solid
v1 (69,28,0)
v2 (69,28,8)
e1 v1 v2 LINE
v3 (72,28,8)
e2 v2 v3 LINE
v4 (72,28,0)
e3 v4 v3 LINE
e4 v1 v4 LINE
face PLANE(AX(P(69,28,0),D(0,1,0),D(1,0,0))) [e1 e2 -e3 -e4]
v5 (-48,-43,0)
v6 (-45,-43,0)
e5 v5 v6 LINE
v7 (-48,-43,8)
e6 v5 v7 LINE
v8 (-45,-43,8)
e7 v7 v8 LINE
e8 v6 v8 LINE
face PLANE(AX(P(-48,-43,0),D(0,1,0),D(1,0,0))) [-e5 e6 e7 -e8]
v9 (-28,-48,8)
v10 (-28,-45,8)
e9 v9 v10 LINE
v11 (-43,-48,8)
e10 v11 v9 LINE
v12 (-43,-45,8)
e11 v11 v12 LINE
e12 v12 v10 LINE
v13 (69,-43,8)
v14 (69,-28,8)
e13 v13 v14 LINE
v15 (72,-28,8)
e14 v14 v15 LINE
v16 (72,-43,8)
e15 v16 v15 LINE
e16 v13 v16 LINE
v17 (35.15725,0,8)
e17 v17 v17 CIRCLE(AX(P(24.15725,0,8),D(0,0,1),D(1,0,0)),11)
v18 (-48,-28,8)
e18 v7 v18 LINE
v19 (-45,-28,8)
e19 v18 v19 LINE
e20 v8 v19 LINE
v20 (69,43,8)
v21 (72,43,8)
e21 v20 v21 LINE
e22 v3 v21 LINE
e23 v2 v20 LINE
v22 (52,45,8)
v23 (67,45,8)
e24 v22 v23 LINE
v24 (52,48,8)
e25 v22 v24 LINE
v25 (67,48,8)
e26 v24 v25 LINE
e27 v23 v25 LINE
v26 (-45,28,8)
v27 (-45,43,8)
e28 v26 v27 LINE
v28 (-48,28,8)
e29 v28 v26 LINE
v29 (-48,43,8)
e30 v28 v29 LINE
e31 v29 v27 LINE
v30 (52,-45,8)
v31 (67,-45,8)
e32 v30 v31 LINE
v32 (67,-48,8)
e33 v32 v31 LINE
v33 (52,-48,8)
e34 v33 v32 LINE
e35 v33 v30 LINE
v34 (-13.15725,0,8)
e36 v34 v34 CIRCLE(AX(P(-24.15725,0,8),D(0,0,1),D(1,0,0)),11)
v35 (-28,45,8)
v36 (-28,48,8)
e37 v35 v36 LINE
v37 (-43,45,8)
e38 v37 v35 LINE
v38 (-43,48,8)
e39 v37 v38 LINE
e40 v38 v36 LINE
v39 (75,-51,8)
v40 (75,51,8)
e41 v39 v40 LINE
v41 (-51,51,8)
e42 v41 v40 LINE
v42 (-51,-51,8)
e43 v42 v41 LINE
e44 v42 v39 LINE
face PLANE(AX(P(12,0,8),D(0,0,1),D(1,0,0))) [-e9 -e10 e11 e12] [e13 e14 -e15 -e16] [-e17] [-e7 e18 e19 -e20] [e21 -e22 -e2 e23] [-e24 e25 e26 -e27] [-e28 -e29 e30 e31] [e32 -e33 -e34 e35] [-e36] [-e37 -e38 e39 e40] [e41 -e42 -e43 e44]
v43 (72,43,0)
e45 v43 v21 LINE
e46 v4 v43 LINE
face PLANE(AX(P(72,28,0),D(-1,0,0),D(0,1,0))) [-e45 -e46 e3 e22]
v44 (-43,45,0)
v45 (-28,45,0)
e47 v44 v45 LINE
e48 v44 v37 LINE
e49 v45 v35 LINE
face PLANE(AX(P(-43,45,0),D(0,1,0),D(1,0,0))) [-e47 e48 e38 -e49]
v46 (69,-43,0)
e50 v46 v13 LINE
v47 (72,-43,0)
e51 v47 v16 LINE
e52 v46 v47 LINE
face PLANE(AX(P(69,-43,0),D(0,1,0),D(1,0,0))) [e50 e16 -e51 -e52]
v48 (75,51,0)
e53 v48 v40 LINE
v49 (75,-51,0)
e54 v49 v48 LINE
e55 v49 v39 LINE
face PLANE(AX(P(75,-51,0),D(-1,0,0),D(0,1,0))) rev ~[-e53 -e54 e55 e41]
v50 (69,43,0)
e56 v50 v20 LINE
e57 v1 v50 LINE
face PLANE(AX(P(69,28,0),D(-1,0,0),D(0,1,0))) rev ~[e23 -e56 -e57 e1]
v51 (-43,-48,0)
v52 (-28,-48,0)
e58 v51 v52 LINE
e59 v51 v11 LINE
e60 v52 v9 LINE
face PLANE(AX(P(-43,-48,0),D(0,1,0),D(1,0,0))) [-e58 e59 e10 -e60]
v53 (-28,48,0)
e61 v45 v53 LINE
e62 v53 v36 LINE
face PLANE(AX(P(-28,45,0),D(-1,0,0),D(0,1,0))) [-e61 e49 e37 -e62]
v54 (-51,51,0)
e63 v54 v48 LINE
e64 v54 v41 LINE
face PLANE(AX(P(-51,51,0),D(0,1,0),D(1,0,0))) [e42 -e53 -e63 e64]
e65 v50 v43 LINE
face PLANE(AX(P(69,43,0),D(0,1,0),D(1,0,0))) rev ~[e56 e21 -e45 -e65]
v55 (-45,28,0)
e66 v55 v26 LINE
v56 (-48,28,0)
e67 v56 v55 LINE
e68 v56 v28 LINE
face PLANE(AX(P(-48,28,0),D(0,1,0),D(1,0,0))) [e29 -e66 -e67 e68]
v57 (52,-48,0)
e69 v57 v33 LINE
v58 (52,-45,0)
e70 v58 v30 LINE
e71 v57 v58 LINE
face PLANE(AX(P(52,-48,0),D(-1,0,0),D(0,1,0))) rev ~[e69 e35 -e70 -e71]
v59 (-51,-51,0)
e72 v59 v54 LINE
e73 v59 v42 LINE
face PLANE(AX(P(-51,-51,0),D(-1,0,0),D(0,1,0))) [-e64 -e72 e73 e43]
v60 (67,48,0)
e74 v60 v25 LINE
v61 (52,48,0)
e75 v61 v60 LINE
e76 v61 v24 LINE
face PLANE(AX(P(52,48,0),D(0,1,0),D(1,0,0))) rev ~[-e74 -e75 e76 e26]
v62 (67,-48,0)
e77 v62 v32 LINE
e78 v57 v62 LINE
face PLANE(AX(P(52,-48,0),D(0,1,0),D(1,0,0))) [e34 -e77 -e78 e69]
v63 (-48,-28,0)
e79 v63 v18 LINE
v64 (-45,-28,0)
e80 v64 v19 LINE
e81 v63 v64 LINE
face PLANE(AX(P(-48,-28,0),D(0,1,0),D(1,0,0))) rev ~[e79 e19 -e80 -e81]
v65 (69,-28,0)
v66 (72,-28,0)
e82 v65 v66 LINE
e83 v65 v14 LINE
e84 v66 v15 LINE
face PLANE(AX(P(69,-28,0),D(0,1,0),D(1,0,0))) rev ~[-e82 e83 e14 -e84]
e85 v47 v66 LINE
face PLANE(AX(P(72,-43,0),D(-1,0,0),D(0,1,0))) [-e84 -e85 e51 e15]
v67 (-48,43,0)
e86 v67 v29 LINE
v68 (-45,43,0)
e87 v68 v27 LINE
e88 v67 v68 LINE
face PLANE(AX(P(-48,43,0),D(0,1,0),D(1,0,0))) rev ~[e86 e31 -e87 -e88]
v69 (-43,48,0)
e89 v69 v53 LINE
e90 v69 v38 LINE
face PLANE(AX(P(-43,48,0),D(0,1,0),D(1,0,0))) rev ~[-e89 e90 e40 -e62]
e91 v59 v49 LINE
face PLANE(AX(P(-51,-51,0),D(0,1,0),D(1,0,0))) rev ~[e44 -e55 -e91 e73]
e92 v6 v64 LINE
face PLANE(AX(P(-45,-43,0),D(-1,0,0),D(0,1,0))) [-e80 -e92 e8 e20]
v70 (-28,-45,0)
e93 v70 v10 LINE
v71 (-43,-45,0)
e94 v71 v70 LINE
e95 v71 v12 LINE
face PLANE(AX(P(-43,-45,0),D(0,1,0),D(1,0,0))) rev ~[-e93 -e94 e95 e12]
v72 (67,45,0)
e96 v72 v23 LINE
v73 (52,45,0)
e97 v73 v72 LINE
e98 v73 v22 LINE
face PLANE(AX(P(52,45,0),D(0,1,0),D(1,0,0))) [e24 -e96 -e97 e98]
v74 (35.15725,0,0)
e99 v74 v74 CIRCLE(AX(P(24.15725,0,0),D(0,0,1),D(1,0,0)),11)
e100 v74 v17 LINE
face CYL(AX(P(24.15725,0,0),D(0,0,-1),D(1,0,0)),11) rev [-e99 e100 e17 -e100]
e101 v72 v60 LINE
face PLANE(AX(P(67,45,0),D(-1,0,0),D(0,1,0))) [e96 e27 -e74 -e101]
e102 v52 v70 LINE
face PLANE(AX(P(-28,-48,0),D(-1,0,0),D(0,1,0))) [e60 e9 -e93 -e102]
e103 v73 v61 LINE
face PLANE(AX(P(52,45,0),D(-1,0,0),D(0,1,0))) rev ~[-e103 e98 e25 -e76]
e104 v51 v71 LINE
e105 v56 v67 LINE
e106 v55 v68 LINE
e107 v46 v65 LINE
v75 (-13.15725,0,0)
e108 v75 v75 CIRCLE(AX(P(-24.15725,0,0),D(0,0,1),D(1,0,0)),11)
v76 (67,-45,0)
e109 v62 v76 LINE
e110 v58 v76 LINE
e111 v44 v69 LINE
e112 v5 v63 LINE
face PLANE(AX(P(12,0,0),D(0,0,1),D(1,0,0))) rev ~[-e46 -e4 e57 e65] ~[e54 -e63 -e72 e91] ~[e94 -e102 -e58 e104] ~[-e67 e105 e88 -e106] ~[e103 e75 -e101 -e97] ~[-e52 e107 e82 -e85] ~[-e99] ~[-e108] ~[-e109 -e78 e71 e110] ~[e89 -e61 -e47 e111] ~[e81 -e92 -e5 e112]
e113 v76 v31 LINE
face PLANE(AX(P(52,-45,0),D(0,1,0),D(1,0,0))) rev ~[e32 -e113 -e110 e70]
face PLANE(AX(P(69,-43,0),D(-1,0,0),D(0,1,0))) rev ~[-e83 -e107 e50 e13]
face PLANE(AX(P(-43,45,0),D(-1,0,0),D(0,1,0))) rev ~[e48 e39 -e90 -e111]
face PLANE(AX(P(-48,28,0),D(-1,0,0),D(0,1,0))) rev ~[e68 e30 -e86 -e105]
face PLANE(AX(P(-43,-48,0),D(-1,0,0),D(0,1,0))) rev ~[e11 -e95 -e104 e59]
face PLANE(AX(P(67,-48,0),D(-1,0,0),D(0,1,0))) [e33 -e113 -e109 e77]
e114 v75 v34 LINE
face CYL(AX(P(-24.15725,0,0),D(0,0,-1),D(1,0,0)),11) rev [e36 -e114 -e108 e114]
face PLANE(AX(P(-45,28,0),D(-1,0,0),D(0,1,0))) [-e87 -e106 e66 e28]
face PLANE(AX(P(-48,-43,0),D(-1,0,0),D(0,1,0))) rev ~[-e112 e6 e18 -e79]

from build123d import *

# Parameters (mm, degrees)
SKETCH1_W           = 126
SKETCH1_H           = 102
SKETCH1_R           = 11
SKETCH1_W_2         = 3
SKETCH1_H_2         = 15
SKETCH1_W_3         = 15
SKETCH1_H_3         = 3
BOSS_EXTRUDE1_DEPTH = 8


with BuildPart() as part:
    # Sketch1 → Boss-Extrude1 (new body)
    with BuildSketch(Plane.XY):
        with Locations((12, 0)):
            Rectangle(SKETCH1_W, SKETCH1_H)
        with Locations((-24.15725, 0)):
            Circle(SKETCH1_R, mode=Mode.SUBTRACT)
        with Locations((24.15725, 0)):
            Circle(SKETCH1_R, mode=Mode.SUBTRACT)
        with Locations((-46.5, -35.5)):
            Rectangle(SKETCH1_W_2, SKETCH1_H_2, mode=Mode.SUBTRACT)
        with Locations((-46.5, 35.5)):
            Rectangle(SKETCH1_W_2, SKETCH1_H_2, mode=Mode.SUBTRACT)
        with Locations((70.5, 35.5)):
            Rectangle(SKETCH1_W_2, SKETCH1_H_2, mode=Mode.SUBTRACT)
        with Locations((70.5, -35.5)):
            Rectangle(SKETCH1_W_2, SKETCH1_H_2, mode=Mode.SUBTRACT)
        with Locations((-35.5, 46.5)):
            Rectangle(SKETCH1_W_3, SKETCH1_H_3, mode=Mode.SUBTRACT)
        with Locations((59.5, 46.5)):
            Rectangle(SKETCH1_W_3, SKETCH1_H_3, mode=Mode.SUBTRACT)
        with Locations((-35.5, -46.5)):
            Rectangle(SKETCH1_W_3, SKETCH1_H_3, mode=Mode.SUBTRACT)
        with Locations((59.5, -46.5)):
            Rectangle(SKETCH1_W_3, SKETCH1_H_3, mode=Mode.SUBTRACT)
    extrude(amount=BOSS_EXTRUDE1_DEPTH)


solid = part.part
